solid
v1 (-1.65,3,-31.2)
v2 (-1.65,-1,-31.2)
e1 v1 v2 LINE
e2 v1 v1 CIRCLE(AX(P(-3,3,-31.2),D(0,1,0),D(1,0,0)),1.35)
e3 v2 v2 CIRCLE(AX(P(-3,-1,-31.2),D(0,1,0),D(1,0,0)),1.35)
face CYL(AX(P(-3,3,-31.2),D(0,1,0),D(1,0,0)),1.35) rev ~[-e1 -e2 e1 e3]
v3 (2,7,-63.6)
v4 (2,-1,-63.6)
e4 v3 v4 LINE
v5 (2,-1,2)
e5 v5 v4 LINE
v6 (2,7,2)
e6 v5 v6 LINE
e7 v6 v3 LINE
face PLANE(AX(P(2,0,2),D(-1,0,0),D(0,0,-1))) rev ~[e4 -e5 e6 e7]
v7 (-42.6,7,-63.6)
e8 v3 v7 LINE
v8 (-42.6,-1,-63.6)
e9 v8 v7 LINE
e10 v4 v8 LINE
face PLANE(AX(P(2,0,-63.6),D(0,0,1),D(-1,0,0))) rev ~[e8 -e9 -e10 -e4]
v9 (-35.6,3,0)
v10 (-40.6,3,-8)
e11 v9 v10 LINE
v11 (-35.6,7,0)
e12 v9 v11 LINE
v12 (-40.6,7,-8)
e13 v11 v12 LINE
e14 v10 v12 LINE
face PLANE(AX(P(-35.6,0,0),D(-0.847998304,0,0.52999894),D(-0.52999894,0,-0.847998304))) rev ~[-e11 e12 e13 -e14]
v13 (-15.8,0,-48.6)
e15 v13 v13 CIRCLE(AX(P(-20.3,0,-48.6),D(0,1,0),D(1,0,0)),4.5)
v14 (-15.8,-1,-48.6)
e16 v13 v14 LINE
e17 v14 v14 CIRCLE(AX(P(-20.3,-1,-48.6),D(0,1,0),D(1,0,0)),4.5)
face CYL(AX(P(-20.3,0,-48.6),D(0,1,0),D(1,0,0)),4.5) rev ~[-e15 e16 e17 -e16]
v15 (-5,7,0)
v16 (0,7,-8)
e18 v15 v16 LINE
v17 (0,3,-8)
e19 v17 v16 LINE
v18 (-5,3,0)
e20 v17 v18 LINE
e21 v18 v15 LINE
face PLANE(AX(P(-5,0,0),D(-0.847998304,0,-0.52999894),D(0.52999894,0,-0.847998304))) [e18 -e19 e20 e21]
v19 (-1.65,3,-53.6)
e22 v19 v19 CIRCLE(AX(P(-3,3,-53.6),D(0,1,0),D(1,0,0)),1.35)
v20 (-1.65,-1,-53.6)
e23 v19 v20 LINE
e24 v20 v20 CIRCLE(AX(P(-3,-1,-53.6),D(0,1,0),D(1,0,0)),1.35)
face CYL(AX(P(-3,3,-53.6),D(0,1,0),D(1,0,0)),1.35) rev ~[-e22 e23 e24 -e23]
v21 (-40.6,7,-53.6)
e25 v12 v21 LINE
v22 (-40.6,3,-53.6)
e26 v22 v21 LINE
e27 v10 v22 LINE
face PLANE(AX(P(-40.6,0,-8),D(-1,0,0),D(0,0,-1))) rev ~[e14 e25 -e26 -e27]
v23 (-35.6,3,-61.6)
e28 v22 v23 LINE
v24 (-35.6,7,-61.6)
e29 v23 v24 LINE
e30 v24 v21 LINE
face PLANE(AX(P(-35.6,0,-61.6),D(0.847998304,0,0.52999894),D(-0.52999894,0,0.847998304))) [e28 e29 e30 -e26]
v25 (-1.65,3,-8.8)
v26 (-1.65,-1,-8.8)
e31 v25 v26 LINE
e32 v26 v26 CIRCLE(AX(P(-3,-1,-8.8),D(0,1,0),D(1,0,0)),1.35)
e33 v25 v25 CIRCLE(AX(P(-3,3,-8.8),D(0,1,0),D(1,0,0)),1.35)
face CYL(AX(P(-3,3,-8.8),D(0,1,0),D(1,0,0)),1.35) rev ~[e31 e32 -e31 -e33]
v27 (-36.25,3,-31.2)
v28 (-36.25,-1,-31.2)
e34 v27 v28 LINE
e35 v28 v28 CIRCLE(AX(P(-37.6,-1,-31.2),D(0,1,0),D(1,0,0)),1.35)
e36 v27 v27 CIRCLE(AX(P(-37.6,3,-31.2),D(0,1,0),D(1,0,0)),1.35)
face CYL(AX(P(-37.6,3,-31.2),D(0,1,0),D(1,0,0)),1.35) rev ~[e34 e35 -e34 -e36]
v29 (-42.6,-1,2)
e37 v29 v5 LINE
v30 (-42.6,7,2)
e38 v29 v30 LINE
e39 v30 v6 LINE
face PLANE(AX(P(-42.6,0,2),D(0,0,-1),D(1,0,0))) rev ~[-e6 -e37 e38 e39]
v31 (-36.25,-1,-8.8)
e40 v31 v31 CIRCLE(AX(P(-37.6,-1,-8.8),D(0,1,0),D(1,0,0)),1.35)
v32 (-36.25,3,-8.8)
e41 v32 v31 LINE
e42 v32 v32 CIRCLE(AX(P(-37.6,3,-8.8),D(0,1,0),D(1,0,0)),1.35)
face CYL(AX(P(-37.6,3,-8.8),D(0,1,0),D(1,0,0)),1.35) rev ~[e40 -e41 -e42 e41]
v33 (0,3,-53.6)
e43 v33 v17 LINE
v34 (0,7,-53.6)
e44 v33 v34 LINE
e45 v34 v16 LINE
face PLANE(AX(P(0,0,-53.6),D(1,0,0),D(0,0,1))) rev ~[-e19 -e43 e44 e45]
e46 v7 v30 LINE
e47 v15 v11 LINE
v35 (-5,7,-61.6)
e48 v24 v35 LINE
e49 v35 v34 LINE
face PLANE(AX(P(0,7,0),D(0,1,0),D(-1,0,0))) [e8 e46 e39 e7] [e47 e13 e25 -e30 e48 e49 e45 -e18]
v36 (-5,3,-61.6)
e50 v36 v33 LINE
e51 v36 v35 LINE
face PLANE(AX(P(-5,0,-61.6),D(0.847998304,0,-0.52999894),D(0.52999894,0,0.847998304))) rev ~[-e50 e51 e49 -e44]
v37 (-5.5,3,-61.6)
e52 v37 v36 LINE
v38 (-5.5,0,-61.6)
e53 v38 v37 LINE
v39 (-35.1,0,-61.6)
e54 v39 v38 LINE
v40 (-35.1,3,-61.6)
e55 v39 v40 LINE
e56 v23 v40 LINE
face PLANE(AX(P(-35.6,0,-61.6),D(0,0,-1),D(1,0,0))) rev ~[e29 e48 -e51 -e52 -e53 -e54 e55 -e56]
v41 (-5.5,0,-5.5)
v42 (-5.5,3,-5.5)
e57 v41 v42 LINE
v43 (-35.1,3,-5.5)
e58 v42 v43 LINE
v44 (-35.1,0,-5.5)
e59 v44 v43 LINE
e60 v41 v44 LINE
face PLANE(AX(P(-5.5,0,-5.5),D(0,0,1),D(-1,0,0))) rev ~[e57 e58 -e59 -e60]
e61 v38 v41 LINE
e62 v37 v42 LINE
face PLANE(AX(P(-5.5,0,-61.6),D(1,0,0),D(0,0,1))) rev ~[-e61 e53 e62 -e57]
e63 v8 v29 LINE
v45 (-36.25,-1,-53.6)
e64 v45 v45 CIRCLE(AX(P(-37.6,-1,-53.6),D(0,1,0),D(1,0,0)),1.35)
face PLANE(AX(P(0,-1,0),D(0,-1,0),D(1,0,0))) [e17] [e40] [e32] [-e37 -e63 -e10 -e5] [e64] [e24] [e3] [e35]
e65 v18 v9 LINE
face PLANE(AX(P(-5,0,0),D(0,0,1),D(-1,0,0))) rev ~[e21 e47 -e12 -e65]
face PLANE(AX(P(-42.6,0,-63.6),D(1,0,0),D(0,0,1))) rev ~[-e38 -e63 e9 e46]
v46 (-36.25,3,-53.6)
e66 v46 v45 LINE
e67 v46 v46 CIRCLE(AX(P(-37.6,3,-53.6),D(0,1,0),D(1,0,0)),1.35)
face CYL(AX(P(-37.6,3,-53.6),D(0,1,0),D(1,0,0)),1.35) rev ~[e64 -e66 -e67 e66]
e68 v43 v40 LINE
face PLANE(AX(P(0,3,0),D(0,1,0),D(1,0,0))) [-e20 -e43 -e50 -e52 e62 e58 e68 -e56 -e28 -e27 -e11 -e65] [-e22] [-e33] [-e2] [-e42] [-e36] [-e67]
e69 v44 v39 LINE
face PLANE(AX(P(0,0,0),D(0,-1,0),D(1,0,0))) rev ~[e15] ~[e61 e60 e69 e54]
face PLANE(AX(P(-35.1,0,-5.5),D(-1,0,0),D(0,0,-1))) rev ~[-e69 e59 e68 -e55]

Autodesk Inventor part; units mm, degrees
ref_plane "YZ Plane" through (0, 0, 0) normal (1, 0, 0) x (0, 1, 0)
ref_plane "XZ Plane" through (0, 0, 0) normal (0, 1, 0) x (-1, 0, 0)
ref_plane "XY Plane" through (0, 0, 0) normal (0, 0, 1) x (1, 0, 0)
sketch "스케치1" plane through (0, 0, 0) normal (0, 1, 0) x (-1, 0, 0)
  line L0 (0, 0) -> (40.6, 0)
  line L1 (40.6, 0) -> (40.6, -61.6)
  line L2 (40.6, -61.6) -> (0, -61.6)
  line L3 (0, -61.6) -> (0, 0)
  line L4 (42.6, -63.6) -> (42.6, 2)
  line L5 (42.6, 2) -> (-2, 2)
  line L6 (-2, 2) -> (-2, -63.6)
  line L7 (-2, -63.6) -> (42.6, -63.6)
  line L8 (35.6, 0) -> (40.6, -8)
  line L9 (40.6, -30.8) -> (0, -30.8) construction
  line L10 (20.3, 0) -> (20.3, -61.6) construction
  line L11 (35.6, -61.6) -> (40.6, -53.6)
  line L12 (0, 0) -> (0, -61.6)
  line L13 (5, 0) -> (0, -8)
  line L14 (5, -61.6) -> (0, -53.6)
  point P0 (0, -8)
  point P1 (5, 0)
  point P2 (40.6, -53.6)
  point P3 (0, -53.6)
  dimension "d0" = 40.6
  dimension "d1" = 61.6
  dimension "d2" = 2
  dimension "d3" = 5
  dimension "d4" = 8
extrude "돌출1" add sketch "스케치1" along normal blind 7 contours L0 L13 L3 | L0 L1 L8 | L14 L2 L3 | L1 L2 L11 | L7 L6 L5 L4
sketch "스케치2" plane through (0, 0, 0) normal (0, -1, 0) x (1, 0, 0)
  line L0 (-42.6, 2) -> (2, 2) projected
  line L1 (-42.6, -63.6) -> (-42.6, 2) projected
  line L2 (2, -63.6) -> (-42.6, -63.6) projected
  line L3 (2, 2) -> (2, -63.6) projected
  line L4 (0, -53.6) -> (0, -8) projected
  line L5 (-5, -61.6) -> (0, -53.6) projected
  line L6 (-35.6, -61.6) -> (-5, -61.6) projected
  line L7 (-40.6, -53.6) -> (-35.6, -61.6) projected
  line L8 (-40.6, -8) -> (-40.6, -53.6) projected
  line L9 (-35.6, 0) -> (-40.6, -8) projected
  line L10 (-5, 0) -> (-35.6, 0) projected
  line L11 (0, -8) -> (-5, 0) projected
  point P0 (0, 0)
extrude "돌출2" add sketch "스케치2" along normal blind 1 contours L0 L3 L2 L1 | L5 L6 L7 L8 L9 L10 L11 L4
sketch "스케치3" plane through (0, 0, 0) normal (0, 1, 0) x (1, 0, 0)
  line L0 (-42.6, -2) -> (2, -2) projected
  line L1 (2, -2) -> (2, 63.6) projected
  line L2 (2, 63.6) -> (-42.6, 63.6) projected
  line L3 (-42.6, 63.6) -> (-42.6, -2) projected
  line L4 (0, 53.6) -> (0, 8) projected
  line L5 (0, 8) -> (-5, 0) projected
  line L6 (-5, 0) -> (-35.6, 0) projected
  line L7 (-35.6, 0) -> (-40.6, 8) projected
  line L8 (-40.6, 8) -> (-40.6, 53.6) projected
  line L9 (-40.6, 53.6) -> (-35.6, 61.6) projected
  line L10 (-35.6, 61.6) -> (-5, 61.6) projected
  line L11 (-5, 61.6) -> (0, 53.6) projected
  line L12 (-35.1, 61.6) -> (-5.5, 61.6)
  line L13 (-5.5, 61.6) -> (-5.5, 5.5)
  line L14 (-5.5, 5.5) -> (-35.1, 5.5)
  line L15 (-35.1, 5.5) -> (-35.1, 61.6)
  line L16 (-35.6, 61.6) -> (-5, 61.6) projected
  point P0 (0, 0)
  dimension "d9" = 5.5
  dimension "d10" = 5.5
  dimension "d11" = 5.5
extrude "돌출3" add sketch "스케치3" along normal blind 3 contours L4 L5 L6 L7 L8 L9 L10 L15 L14 L13 L11
sketch "스케치4" plane through (0, 0, 0) normal (0, 1, 0) x (1, 0, 0)
  line L0 (-5.5, 5.5) -> (-5.5, 61.6) projected
  line L1 (-35.1, 61.6) -> (-5.5, 61.6) projected
  line L2 (-35.1, 61.6) -> (-35.1, 5.5) projected
  line L3 (-35.1, 5.5) -> (-5.5, 5.5) projected
  circle A0 centre (-20.3, 48.6) radius 4.5
  point P0 (0, 0)
  dimension "d15" = 9
  dimension "d18" = 13
extrude "돌출4" cut sketch "스케치4" against normal blind 7 contours A0
sketch "스케치5" plane through (0, 3, 0) normal (0, 1, 0) x (1, 0, 0)
  line L0 (-42.6, -2) -> (2, -2) projected
  line L1 (-40.6, 8) -> (-40.6, 53.6) projected
  line L2 (-35.6, 0) -> (-40.6, 8) projected
  line L3 (-5, 0) -> (-35.6, 0) projected
  line L4 (0, 8) -> (-5, 0) projected
  line L5 (0, 53.6) -> (0, 8) projected
  line L6 (-5, 61.6) -> (0, 53.6) projected
  line L7 (-5.5, 61.6) -> (-5, 61.6) projected
  line L8 (-5.5, 61.6) -> (-5.5, 5.5) projected
  line L9 (-5.5, 5.5) -> (-35.1, 5.5) projected
  line L10 (-35.1, 5.5) -> (-35.1, 61.6) projected
  line L11 (-35.6, 61.6) -> (-35.1, 61.6) projected
  line L12 (-40.6, 53.6) -> (-35.6, 61.6) projected
  line L13 (-37.6, 4.5) -> (-37.6, 58.8776) construction
  circle A0 centre (-37.6, 53.6) radius 1.35
  line L14 (2, 63.6) -> (-42.6, 63.6) construction
  circle A1 centre (-37.6, 31.2) radius 1.35
  circle A2 centre (-37.6, 8.8) radius 1.35
  line L15 (-20.3, 5.5) -> (-20.3, 61.6) construction
  line L16 (-35.6, 61.6) -> (-5, 61.6) construction
  line L17 (-5, 0) -> (0, 8)
  line L18 (-5.5, 5.5) -> (-5.5, 61.6)
  circle A3 centre (-3, 53.6) radius 1.35
  circle A4 centre (-3, 31.2) radius 1.35
  circle A5 centre (-3, 8.8) radius 1.35
  point P0 (0, 0)
  dimension "d20" = 2.7
  dimension "d21" = 10
  dimension "d24" = 22.4
  dimension "d31" = 34.6
extrude "돌출5" cut sketch "스케치5" against normal through all contours A0 | A1 | A2 | A3 | A4 | A5
properties part number "mx-64"
